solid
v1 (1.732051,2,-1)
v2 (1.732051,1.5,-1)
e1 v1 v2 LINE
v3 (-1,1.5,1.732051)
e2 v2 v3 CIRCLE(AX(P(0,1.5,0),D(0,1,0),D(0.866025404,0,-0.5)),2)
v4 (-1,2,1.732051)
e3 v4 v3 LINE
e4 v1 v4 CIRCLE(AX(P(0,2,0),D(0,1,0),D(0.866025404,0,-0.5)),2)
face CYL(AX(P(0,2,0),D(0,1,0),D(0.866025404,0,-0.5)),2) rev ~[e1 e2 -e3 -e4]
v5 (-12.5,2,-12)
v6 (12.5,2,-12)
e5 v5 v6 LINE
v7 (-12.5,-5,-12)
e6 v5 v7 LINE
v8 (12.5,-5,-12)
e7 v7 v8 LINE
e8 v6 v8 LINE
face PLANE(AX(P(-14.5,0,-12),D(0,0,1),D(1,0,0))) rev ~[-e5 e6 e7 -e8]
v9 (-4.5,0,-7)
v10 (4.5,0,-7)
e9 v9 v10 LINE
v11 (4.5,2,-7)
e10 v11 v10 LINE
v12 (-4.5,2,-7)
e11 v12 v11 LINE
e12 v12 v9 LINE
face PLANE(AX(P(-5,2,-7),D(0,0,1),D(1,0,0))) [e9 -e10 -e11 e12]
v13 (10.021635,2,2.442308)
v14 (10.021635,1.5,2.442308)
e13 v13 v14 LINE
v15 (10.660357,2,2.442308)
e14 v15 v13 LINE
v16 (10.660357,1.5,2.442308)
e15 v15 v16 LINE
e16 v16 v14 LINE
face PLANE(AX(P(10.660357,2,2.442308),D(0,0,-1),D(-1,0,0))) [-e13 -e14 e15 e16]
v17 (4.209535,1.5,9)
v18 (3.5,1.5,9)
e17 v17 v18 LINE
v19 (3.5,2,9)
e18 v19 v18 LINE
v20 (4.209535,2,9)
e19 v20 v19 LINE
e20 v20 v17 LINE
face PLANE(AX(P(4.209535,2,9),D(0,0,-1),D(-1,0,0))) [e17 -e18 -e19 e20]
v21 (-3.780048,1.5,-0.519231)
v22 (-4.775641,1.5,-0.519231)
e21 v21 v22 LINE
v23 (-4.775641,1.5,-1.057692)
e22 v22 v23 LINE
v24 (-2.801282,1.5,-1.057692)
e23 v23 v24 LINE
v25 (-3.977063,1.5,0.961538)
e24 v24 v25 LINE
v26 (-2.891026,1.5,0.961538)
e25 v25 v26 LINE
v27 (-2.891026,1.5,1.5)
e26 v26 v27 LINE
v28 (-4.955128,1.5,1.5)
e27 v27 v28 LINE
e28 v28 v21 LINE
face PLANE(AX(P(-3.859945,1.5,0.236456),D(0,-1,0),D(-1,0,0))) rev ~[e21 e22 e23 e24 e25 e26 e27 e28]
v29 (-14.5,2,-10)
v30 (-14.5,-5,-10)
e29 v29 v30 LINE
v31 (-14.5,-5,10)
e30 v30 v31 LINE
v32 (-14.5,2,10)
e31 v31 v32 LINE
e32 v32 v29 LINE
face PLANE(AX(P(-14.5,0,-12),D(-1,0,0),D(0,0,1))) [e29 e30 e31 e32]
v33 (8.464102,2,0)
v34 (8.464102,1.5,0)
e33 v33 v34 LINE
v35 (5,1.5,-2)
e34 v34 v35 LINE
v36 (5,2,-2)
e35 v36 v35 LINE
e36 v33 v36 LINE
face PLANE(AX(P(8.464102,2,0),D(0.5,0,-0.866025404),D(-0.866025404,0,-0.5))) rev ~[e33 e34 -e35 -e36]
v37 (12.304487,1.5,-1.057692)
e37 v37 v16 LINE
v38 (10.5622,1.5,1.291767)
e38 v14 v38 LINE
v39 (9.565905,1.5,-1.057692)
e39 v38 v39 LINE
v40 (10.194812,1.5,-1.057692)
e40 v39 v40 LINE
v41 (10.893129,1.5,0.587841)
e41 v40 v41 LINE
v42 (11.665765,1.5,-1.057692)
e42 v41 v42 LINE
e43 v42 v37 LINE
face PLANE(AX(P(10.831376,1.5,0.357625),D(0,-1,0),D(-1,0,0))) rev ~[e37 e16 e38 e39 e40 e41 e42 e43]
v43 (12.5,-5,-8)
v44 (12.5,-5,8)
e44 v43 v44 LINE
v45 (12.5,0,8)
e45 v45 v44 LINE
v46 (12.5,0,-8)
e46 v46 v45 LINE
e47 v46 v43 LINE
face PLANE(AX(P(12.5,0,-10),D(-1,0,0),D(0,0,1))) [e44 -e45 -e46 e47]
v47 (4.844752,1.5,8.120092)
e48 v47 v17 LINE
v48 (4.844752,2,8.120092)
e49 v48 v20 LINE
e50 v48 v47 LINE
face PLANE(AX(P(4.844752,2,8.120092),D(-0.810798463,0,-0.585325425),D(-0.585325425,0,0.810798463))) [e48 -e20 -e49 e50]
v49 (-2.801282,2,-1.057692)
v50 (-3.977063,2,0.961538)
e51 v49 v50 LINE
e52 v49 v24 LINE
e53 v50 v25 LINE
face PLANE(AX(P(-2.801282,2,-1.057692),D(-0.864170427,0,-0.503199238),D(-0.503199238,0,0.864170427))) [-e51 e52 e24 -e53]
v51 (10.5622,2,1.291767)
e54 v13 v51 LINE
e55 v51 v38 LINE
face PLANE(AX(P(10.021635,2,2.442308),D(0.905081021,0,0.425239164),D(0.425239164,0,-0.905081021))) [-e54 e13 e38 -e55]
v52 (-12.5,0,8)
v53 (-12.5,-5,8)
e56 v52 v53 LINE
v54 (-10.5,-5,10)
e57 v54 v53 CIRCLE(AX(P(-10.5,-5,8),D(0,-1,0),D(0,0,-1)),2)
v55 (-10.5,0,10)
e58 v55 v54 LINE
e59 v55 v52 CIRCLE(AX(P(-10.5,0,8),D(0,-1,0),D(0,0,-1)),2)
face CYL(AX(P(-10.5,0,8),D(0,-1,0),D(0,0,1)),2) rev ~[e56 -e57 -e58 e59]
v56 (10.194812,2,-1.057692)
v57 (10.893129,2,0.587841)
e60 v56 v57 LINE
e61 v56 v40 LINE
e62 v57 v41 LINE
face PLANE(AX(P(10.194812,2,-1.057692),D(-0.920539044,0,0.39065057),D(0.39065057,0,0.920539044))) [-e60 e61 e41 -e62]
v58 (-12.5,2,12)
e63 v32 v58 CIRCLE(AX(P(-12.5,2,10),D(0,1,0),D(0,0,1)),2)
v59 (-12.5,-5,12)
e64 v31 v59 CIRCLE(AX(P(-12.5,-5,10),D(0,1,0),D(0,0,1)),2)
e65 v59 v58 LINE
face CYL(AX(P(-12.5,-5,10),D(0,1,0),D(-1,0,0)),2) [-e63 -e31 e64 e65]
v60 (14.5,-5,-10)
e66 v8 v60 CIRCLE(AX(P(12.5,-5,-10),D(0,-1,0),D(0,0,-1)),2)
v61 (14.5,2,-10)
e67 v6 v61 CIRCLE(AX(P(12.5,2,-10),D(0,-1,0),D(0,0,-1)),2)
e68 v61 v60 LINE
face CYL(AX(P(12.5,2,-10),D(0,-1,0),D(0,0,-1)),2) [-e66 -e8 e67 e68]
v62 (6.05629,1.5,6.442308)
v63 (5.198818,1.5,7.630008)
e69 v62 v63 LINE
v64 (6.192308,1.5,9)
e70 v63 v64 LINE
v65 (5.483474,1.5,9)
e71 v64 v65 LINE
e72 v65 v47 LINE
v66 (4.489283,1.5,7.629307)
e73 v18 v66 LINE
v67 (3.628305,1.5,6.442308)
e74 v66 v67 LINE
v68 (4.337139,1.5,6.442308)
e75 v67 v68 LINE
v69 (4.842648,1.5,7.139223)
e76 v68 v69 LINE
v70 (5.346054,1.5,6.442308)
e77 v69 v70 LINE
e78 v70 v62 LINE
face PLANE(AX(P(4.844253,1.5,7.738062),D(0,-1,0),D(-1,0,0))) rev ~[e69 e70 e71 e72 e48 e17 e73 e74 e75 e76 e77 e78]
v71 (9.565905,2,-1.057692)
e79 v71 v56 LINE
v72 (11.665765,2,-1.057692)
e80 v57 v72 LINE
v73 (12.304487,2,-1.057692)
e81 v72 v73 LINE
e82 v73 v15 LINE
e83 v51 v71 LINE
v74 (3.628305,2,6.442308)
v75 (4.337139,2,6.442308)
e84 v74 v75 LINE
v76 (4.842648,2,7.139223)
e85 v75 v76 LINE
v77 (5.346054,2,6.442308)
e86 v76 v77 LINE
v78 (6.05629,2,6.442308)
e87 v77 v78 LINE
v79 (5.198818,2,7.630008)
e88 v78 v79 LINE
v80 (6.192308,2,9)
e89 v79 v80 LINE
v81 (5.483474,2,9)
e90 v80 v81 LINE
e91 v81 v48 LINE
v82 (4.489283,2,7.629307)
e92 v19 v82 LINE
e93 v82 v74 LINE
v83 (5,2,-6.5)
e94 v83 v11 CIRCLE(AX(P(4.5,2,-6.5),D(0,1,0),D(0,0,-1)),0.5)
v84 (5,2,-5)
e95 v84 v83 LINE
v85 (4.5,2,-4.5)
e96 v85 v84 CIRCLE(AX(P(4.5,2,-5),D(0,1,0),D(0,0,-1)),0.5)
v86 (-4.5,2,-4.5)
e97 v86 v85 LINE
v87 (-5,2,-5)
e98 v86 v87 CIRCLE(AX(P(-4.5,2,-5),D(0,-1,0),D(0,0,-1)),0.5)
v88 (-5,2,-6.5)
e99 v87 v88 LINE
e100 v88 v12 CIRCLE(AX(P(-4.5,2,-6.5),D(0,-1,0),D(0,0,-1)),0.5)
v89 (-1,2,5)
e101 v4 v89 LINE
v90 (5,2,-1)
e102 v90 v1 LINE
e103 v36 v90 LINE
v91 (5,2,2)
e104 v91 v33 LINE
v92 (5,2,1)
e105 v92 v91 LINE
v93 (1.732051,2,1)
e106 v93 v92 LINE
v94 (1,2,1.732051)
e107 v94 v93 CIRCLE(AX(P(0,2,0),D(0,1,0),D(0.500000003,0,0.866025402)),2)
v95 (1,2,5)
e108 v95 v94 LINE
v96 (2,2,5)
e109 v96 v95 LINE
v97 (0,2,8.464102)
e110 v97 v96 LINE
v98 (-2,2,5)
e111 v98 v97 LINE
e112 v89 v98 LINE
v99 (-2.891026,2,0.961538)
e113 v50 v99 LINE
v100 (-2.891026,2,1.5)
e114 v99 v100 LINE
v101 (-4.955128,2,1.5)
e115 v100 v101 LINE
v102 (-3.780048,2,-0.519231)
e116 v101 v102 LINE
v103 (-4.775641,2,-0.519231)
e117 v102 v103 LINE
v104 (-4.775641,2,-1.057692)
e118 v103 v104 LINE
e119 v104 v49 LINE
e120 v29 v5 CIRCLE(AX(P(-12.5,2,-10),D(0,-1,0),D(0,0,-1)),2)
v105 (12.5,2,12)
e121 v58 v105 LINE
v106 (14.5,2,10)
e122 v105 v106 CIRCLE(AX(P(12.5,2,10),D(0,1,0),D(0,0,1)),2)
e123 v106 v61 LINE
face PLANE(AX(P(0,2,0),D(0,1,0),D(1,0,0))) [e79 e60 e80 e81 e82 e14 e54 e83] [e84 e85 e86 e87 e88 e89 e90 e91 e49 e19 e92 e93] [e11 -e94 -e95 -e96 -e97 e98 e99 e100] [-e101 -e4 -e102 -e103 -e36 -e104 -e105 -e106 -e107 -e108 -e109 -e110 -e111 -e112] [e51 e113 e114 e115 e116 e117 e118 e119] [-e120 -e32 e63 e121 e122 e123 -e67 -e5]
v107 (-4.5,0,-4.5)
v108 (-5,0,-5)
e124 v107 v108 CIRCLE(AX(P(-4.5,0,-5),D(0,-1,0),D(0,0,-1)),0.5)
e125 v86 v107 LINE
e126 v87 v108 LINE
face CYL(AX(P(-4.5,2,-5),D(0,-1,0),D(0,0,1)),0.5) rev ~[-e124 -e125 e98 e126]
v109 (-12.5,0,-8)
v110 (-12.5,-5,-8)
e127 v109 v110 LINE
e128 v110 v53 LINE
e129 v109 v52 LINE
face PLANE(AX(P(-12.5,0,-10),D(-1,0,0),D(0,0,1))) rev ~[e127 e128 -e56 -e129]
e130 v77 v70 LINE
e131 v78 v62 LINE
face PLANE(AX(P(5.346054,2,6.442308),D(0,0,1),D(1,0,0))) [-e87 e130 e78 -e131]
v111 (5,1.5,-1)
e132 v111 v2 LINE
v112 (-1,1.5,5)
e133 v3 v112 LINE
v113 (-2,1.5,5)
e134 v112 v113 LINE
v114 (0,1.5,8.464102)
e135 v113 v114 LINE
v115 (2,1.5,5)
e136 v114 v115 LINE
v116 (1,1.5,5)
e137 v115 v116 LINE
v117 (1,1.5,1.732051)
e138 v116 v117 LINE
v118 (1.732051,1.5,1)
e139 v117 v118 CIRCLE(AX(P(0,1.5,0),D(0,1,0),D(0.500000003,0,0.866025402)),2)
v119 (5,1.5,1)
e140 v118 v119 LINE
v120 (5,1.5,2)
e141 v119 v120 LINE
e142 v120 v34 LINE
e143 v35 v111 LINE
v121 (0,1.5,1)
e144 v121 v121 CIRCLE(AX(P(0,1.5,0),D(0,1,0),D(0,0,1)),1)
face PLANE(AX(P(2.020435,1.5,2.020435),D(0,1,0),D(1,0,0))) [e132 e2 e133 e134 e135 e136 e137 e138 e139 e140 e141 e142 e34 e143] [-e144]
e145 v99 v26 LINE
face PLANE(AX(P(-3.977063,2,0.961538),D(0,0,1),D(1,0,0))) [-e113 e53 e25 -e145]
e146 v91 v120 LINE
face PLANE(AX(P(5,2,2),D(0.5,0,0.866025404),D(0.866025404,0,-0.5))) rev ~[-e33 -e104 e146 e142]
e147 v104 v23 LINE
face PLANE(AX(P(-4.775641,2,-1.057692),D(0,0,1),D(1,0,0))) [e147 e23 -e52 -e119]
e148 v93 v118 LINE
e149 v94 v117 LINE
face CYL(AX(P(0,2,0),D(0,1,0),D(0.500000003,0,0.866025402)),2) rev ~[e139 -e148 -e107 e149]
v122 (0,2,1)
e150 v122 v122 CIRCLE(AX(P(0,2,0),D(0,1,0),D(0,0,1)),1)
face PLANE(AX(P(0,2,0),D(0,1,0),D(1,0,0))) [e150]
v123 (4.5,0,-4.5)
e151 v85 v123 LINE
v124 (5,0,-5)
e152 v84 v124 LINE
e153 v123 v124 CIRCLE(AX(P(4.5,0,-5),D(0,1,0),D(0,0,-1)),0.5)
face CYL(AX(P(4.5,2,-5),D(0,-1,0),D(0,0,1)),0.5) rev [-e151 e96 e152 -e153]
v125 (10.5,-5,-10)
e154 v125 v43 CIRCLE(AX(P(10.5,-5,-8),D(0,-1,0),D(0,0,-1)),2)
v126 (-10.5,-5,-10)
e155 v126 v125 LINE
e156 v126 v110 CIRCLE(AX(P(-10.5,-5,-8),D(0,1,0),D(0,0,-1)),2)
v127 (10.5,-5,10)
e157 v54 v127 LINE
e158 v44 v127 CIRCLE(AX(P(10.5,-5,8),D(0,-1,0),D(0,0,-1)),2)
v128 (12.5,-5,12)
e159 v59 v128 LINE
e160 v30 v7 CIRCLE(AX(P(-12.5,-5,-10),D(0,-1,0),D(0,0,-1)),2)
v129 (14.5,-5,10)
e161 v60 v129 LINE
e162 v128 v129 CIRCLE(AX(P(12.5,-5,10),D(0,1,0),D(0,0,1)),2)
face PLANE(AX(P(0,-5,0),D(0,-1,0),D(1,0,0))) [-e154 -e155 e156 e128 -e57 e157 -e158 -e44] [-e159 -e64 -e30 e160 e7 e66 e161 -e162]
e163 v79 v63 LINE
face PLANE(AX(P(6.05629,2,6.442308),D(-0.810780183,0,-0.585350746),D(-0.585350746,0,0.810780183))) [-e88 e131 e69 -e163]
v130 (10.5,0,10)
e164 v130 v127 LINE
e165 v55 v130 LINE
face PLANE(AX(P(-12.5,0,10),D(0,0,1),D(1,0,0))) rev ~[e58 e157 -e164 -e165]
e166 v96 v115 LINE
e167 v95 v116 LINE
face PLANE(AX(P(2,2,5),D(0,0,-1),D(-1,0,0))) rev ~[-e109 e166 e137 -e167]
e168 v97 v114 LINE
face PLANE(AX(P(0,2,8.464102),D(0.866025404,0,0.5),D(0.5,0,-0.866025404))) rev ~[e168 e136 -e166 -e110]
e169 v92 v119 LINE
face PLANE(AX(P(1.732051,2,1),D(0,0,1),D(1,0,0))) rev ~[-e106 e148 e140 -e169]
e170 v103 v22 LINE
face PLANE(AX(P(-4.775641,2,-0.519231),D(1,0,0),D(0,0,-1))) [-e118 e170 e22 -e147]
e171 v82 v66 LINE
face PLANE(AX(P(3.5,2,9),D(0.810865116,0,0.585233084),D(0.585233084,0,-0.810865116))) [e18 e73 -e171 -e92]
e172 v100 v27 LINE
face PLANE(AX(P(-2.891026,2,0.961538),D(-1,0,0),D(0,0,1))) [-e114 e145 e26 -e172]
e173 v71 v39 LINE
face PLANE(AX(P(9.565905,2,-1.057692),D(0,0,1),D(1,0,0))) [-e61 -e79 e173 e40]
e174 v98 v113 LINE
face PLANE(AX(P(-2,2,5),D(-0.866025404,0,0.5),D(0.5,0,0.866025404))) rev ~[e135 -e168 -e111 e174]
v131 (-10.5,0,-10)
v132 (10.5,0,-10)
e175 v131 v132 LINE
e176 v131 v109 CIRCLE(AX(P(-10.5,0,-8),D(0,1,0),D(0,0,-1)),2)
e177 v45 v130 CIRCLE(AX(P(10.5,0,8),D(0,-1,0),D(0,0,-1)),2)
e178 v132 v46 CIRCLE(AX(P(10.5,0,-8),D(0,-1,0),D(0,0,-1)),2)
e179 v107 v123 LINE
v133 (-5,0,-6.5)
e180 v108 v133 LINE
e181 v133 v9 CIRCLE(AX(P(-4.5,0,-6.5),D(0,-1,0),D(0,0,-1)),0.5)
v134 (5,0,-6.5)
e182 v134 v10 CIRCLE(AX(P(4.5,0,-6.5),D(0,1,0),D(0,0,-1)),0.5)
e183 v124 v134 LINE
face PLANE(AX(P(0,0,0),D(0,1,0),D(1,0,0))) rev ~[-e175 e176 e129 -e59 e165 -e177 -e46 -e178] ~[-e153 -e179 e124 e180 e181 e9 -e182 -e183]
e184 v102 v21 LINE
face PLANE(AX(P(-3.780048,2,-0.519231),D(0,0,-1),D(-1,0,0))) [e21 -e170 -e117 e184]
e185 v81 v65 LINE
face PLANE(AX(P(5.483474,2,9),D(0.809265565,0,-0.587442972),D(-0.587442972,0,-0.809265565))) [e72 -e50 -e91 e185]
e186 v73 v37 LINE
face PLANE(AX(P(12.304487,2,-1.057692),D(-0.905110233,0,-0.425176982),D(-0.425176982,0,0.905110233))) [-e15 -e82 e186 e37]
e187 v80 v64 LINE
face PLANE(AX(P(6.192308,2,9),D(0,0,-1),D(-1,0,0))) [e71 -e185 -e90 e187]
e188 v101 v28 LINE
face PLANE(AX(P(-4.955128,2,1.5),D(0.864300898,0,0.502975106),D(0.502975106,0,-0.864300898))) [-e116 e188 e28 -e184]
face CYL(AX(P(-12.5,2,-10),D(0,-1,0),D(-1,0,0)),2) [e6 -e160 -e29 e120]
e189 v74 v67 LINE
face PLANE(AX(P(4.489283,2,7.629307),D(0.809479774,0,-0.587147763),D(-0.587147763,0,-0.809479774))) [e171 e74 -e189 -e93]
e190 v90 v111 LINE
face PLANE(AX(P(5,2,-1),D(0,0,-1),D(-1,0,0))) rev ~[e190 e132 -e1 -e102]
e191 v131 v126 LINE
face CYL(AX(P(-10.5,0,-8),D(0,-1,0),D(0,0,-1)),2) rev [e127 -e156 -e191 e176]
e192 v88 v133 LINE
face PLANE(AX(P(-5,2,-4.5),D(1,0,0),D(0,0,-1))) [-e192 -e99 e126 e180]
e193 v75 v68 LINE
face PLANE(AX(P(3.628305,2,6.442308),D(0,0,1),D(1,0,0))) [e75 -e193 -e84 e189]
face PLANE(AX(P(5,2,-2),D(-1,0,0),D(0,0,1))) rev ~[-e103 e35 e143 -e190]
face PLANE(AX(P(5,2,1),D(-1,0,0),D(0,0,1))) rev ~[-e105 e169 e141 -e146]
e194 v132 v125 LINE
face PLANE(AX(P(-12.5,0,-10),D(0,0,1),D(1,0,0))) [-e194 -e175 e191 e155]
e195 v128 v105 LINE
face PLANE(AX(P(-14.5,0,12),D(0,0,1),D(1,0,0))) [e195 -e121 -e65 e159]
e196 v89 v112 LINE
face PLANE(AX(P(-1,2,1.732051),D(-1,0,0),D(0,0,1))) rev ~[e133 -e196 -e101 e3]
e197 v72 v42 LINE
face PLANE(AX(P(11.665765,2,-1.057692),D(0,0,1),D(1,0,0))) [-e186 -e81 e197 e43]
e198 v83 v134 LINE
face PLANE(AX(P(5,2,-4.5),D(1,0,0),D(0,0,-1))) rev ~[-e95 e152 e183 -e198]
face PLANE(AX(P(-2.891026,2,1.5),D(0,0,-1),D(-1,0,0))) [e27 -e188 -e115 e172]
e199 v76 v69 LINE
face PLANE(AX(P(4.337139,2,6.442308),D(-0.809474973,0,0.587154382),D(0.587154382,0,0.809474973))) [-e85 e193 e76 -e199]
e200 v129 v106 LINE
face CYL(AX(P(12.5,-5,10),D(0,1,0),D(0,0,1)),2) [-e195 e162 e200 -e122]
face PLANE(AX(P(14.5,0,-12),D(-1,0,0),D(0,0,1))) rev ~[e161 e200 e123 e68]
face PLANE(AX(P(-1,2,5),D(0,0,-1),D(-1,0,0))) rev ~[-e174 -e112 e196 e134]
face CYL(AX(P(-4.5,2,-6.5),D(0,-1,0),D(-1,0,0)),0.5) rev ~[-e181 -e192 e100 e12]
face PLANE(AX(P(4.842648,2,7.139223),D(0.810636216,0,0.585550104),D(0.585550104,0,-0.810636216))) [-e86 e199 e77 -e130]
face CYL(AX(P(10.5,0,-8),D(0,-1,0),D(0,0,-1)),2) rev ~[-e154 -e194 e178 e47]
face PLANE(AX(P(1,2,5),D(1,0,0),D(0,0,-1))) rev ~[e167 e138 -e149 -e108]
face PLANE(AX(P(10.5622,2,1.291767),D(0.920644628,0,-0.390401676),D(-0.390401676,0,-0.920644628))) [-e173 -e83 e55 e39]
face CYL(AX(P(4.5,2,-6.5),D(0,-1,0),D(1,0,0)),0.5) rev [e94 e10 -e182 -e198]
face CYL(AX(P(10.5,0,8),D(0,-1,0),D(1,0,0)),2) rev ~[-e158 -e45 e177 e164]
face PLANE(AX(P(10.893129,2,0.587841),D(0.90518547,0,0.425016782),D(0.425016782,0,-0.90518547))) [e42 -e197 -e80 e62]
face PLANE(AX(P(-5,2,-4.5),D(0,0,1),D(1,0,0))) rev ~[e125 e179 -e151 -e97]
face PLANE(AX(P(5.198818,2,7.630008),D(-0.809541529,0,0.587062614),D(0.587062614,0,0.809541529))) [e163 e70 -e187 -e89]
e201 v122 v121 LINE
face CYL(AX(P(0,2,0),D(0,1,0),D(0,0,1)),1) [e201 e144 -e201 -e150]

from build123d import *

# Parameters (mm, degrees)
SKETCH1_W           = 29
SKETCH1_H           = 24
BOSS_EXTRUDE1_DEPTH = 2
SKETCH2_W           = 29
SKETCH2_H           = 24
SKETCH2_W_2         = 25
SKETCH2_H_2         = 20
BOSS_EXTRUDE2_DEPTH = 5
SKETCH3_W           = 10
SKETCH3_H           = 2.5
CUT_EXTRUDE1_DEPTH  = 2
SKETCH7_R           = 1
CUT_EXTRUDE2_DEPTH  = 0.5
CUT_EXTRUDE4_DEPTH  = 0.5
FILLET3_R           = 2
FILLET4_R           = 0.5


with BuildPart() as part:
    # Sketch1 → Boss-Extrude1 (new body)
    with BuildSketch(Plane(origin=(0, 0, 0), x_dir=(1, 0, 0), z_dir=(0, 1, 0))):
        Rectangle(SKETCH1_W, SKETCH1_H)
    extrude(amount=BOSS_EXTRUDE1_DEPTH)

    # Sketch2 → Boss-Extrude2 (add)
    with BuildSketch(Plane.XZ):
        Rectangle(SKETCH2_W, SKETCH2_H)
        Rectangle(SKETCH2_W_2, SKETCH2_H_2, mode=Mode.SUBTRACT)
    extrude(amount=BOSS_EXTRUDE2_DEPTH)

    # Sketch3 → Cut-Extrude1 (cut)
    with BuildSketch(Plane(origin=(0, 2, 0), x_dir=(1, 0, 0), z_dir=(0, 1, 0))):
        with Locations((0, 5.75)):
            Rectangle(SKETCH3_W, SKETCH3_H)
    extrude(amount=-CUT_EXTRUDE1_DEPTH, mode=Mode.SUBTRACT)

    # Sketch7 → Cut-Extrude2 (cut)
    with BuildSketch(Plane(origin=(0, 2, 0), x_dir=(1, 0, 0), z_dir=(0, 1, 0))):
        with BuildLine():
            Line((5, -2), (8.464101615, 0))
            Line((8.464101615, 0), (5, 2))
            Line((5, 2), (5, 1))
            Line((5, 1), (1.732050808, 1))
            ThreePointArc((1.732050808, 1), (-1.414213562, 1.414213562), (-1, -1.732050808))
            Line((-1, -1.732050808), (-1, -5))
            Line((-1, -5), (-2, -5))
            Line((-2, -5), (0, -8.464101615))
            Line((0, -8.464101615), (2, -5))
            Line((2, -5), (1, -5))
            Line((1, -5), (1, -1.732050808))
            ThreePointArc((1, -1.732050808), (1.414213562, -1.414213562), (1.732050808, -1))
            Line((1.732050808, -1), (5, -1))
            Line((5, -1), (5, -2))
        make_face()
        with Locations(Location((0, 0, 0), (0, 0, 270))):
            Circle(SKETCH7_R, mode=Mode.SUBTRACT)
    extrude(amount=-CUT_EXTRUDE2_DEPTH, mode=Mode.SUBTRACT)

    # Sketch10 → Cut-Extrude4 (cut)
    with BuildSketch(Plane(origin=(0, 2, 0), x_dir=(1, 0, 0), z_dir=(0, 1, 0))):
        Polygon((9.565905449, 1.057692308), (10.194811699, 1.057692308), (10.893129006, -0.587840545), (11.665765224, 1.057692308), (12.304487179, 1.057692308), (10.660356571, -2.442307692), (10.021634615, -2.442307692), (10.562199519, -1.291766827), align=None)
        Polygon((3.628305288, -6.442307692), (4.337139423, -6.442307692), (4.842648237, -7.139222756), (5.346053686, -6.442307692), (6.056290064, -6.442307692), (5.198818109, -7.630008013), (6.192307692, -9), (5.483473558, -9), (4.844751603, -8.120092147), (4.209535256, -9), (3.5, -9), (4.489282853, -7.629306891), align=None)
        Polygon((-4.775641026, 1.057692308), (-2.801282051, 1.057692308), (-3.977063301, -0.961538462), (-2.891025641, -0.961538462), (-2.891025641, -1.5), (-4.955128205, -1.5), (-3.780048077, 0.519230769), (-4.775641026, 0.519230769), align=None)
    extrude(amount=-CUT_EXTRUDE4_DEPTH, mode=Mode.SUBTRACT)

    # Fillet3
    fillet3_edges = [part.edges().sort_by_distance(p)[0] for p in [
        (12.5, -2.5, 10),
        (-12.5, -2.5, 10),
        (-12.5, -2.5, -10),
        (12.5, -2.5, -10),
        (14.5, -1.5, 12),
        (-14.5, -1.5, 12),
        (-14.5, -1.5, -12),
        (14.5, -1.5, -12),
    ]]
    fillet(fillet3_edges, radius=FILLET3_R)

    # Fillet4
    fillet4_edges = [part.edges().sort_by_distance(p)[0] for p in [
        (5, 1, -4.5),
        (5, 1, -7),
        (-5, 1, -7),
        (-5, 1, -4.5),
    ]]
    fillet(fillet4_edges, radius=FILLET4_R)


solid = part.part
